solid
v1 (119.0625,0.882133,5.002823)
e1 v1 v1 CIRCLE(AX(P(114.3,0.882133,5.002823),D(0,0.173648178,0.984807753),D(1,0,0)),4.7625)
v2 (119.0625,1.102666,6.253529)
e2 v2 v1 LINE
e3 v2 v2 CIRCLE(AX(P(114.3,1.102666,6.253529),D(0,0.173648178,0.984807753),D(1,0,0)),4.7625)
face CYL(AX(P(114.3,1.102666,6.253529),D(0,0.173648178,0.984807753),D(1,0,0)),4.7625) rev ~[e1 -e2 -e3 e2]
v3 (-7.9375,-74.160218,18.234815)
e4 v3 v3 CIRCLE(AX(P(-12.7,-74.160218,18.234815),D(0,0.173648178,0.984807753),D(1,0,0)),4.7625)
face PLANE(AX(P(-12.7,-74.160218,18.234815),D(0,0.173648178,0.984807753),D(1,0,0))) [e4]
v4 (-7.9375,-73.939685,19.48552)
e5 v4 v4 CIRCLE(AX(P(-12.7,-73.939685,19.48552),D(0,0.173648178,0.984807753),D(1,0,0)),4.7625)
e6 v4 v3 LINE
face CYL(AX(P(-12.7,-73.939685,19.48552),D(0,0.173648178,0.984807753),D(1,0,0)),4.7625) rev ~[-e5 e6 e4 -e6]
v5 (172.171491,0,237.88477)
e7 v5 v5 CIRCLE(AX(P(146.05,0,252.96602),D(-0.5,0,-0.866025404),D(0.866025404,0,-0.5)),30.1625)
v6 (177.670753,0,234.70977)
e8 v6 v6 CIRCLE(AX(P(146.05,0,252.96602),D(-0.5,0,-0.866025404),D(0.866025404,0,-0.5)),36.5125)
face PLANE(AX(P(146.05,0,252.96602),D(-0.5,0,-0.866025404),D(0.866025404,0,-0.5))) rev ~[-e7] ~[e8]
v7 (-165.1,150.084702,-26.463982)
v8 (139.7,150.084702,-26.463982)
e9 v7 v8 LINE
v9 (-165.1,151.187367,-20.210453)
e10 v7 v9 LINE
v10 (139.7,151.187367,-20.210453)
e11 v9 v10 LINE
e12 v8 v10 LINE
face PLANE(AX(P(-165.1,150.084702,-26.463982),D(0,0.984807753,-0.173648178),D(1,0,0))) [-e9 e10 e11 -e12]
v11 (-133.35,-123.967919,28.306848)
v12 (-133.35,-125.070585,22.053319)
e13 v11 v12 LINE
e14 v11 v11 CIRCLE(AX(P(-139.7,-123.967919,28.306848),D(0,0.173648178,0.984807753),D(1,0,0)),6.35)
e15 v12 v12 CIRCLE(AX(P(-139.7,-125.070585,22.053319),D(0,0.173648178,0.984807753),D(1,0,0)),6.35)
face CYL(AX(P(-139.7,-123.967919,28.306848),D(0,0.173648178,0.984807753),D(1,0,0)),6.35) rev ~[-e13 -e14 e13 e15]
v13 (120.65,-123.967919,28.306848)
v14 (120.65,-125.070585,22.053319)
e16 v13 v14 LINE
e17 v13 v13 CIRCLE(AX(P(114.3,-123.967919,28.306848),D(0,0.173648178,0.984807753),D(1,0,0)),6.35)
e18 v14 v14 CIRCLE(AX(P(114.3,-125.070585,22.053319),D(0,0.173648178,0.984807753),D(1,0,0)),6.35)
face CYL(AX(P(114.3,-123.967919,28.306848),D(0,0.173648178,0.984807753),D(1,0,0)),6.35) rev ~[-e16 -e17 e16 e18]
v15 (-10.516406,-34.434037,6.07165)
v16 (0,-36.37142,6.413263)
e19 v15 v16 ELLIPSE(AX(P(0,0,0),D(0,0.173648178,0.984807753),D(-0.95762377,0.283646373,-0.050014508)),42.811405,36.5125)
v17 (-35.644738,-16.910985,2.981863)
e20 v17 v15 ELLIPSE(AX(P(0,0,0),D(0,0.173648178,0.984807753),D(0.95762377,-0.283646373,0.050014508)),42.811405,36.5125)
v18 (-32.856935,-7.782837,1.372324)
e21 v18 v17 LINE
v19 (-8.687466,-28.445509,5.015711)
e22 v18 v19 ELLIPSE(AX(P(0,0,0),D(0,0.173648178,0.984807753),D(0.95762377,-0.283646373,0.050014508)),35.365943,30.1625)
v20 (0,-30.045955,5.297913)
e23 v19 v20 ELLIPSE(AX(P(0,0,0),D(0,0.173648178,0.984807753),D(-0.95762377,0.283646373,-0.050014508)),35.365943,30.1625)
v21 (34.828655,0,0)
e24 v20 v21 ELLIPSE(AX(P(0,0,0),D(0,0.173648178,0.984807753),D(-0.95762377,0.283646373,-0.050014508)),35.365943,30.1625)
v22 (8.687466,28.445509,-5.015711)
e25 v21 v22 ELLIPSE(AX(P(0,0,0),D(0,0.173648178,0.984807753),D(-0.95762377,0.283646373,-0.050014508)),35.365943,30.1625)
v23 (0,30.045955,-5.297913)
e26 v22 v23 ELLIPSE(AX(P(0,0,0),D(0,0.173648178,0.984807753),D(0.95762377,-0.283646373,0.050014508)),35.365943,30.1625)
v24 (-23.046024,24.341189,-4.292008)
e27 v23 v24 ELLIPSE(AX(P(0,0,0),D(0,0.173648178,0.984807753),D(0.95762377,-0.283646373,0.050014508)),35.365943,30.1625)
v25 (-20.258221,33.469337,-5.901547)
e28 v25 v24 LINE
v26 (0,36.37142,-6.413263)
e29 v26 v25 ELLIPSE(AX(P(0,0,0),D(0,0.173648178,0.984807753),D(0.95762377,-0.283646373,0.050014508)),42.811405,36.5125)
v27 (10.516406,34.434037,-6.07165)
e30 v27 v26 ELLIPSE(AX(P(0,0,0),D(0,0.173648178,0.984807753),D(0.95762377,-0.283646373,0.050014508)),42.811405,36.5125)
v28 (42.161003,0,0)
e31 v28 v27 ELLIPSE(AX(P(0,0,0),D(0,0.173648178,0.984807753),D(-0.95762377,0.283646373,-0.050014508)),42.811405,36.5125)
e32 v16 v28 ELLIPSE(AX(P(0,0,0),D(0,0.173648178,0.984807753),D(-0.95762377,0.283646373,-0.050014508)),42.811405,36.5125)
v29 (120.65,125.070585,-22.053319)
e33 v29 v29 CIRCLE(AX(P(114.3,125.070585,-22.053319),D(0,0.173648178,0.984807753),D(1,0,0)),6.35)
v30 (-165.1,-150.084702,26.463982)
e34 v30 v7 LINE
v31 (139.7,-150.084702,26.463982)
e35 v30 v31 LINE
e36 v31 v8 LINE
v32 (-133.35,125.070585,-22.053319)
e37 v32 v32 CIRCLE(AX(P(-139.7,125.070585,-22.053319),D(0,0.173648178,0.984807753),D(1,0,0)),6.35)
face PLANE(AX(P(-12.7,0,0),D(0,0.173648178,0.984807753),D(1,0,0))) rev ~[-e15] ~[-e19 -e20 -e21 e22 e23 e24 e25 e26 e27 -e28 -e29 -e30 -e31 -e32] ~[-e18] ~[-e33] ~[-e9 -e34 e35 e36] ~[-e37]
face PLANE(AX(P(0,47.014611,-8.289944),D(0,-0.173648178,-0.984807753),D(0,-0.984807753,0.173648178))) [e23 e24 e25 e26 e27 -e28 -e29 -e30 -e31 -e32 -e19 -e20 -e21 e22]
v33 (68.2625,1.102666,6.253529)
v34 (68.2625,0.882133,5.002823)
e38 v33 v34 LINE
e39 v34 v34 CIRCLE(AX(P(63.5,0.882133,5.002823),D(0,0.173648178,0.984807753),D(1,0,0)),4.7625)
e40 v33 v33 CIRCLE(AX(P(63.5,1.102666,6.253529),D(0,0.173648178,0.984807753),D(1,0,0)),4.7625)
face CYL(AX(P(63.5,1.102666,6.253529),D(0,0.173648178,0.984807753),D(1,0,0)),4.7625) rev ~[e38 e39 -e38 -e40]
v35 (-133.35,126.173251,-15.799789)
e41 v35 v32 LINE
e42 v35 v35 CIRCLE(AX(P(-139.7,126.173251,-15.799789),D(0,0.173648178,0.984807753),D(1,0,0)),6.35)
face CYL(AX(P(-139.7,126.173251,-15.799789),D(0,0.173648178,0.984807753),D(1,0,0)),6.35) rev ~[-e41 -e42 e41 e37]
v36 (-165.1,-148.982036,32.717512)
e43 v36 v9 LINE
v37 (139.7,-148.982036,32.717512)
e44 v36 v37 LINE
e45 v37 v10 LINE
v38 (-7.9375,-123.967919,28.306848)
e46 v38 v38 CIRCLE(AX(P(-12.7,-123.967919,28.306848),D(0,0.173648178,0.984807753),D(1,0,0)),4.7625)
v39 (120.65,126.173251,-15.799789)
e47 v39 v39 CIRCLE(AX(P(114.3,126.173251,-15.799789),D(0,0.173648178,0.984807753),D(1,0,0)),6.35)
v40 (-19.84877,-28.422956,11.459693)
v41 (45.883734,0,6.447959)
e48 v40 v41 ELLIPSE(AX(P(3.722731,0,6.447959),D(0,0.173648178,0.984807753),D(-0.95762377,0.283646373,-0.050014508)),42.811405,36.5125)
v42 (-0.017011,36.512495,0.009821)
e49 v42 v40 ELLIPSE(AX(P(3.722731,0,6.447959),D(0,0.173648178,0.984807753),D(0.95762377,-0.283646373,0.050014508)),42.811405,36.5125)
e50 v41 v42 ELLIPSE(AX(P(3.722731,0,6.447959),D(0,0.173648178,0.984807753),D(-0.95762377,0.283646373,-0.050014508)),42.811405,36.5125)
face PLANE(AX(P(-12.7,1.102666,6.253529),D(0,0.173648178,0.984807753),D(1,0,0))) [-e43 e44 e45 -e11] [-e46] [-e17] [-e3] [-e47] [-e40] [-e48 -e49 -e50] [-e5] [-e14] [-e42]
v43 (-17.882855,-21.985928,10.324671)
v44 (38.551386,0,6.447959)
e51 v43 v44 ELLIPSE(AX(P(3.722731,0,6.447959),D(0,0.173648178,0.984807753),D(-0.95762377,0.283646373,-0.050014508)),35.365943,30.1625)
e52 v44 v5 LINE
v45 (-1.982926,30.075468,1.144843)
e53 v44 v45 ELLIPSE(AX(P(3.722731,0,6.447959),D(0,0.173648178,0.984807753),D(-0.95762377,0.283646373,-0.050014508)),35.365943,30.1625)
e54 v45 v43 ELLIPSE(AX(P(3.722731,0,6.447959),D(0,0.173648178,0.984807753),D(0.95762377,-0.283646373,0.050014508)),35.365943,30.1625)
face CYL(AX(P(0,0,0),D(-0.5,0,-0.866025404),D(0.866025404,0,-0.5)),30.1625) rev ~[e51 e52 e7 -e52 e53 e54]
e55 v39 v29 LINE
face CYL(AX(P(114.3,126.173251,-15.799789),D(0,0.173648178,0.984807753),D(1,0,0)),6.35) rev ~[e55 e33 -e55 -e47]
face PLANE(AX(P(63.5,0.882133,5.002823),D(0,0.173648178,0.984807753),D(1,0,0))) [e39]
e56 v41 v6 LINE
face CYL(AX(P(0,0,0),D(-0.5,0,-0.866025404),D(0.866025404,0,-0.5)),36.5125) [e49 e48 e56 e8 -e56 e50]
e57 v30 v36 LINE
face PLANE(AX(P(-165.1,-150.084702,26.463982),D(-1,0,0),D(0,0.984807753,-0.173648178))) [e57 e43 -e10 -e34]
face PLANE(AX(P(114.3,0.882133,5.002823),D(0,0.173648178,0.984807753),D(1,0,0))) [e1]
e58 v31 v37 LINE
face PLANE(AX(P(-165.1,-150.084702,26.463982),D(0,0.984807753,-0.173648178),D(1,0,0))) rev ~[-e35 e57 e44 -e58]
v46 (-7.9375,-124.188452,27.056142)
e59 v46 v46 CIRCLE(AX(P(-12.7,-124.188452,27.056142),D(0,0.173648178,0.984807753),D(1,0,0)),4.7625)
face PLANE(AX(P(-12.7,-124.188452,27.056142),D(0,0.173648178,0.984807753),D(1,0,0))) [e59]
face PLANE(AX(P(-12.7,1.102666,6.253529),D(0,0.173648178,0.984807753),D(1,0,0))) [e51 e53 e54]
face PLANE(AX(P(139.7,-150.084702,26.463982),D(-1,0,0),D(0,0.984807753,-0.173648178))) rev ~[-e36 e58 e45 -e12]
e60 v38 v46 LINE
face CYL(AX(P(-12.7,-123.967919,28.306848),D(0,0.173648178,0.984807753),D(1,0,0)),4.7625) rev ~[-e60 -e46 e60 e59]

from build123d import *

# Parameters (mm, degrees)
F2_W          = 304.8
F2_H          = 304.8
F3_DEPTH      = 6.35
F5_R          = 36.5125
F5_R_2        = 30.1625
F6_DEPTH      = 292.1
F6_DEPTH_BACK = 15.24
F8_DEPTH      = 50.8
F8_DEPTH_BACK = 50.8
F9_R          = 4.7625
F10_DEPTH     = 1.27
F11_R         = 6.35
F12_DEPTH     = 25.4


with BuildPart() as f3:
    # F2 (on line) → F3 (new body)
    with BuildSketch(Plane(origin=(0, 0, 0), x_dir=(1, 0, 0), z_dir=(0, 0.1736481777, 0.984807753))):
        with Locations((-12.7, 0)):
            Rectangle(F2_W, F2_H)
    extrude(amount=F3_DEPTH)

    # F5 (on line) → F6 (join, two sides)
    with BuildSketch(Plane(origin=(0, 0, 0), x_dir=(0.8660254038, 0, -0.5), z_dir=(-0.5, 0, -0.8660254038))) as f6_sk:
        Circle(F5_R)
        Circle(F5_R_2, mode=Mode.SUBTRACT)
    extrude(amount=-F6_DEPTH)
    extrude(f6_sk.sketch, amount=F6_DEPTH_BACK)

    # F7 (on Right) → F8 (cut, two sides)
    with BuildSketch(Plane.YZ) as f8_sk:
        Polygon((47.014611039, -36.6175852823), (47.014611039, -8.2899444137), (-48.9987151589, 8.6397955026), (-48.9987151589, -36.6175852823), align=None)
    extrude(amount=-F8_DEPTH, mode=Mode.SUBTRACT)
    extrude(f8_sk.sketch, amount=F8_DEPTH_BACK, mode=Mode.SUBTRACT)

    # F9 (on face) → F10 (cut)
    with BuildSketch(Plane(origin=(0, 1.1026659282, 6.2535292316), x_dir=(1, 0, 0), z_dir=(0, 0.1736481777, 0.984807753))):
        with Locations((114.3, 0)):
            Circle(F9_R)
        with Locations((-12.7, -76.2)):
            Circle(F9_R)
        with Locations((63.5, 0)):
            Circle(F9_R)
        with Locations((-12.7, -127)):
            Circle(F9_R)
    extrude(amount=-F10_DEPTH, mode=Mode.SUBTRACT)

    # F11 (on face) → F12 (cut)
    with BuildSketch(Plane(origin=(0, 1.1026659282, 6.2535292316), x_dir=(1, 0, 0), z_dir=(0, 0.1736481777, 0.984807753))):
        with Locations((-139.7, 127)):
            Circle(F11_R)
        with Locations((114.3, 127)):
            Circle(F11_R)
        with Locations((114.3, -127)):
            Circle(F11_R)
        with Locations((-139.7, -127)):
            Circle(F11_R)
    extrude(amount=-F12_DEPTH, mode=Mode.SUBTRACT)


solid = f3.part
